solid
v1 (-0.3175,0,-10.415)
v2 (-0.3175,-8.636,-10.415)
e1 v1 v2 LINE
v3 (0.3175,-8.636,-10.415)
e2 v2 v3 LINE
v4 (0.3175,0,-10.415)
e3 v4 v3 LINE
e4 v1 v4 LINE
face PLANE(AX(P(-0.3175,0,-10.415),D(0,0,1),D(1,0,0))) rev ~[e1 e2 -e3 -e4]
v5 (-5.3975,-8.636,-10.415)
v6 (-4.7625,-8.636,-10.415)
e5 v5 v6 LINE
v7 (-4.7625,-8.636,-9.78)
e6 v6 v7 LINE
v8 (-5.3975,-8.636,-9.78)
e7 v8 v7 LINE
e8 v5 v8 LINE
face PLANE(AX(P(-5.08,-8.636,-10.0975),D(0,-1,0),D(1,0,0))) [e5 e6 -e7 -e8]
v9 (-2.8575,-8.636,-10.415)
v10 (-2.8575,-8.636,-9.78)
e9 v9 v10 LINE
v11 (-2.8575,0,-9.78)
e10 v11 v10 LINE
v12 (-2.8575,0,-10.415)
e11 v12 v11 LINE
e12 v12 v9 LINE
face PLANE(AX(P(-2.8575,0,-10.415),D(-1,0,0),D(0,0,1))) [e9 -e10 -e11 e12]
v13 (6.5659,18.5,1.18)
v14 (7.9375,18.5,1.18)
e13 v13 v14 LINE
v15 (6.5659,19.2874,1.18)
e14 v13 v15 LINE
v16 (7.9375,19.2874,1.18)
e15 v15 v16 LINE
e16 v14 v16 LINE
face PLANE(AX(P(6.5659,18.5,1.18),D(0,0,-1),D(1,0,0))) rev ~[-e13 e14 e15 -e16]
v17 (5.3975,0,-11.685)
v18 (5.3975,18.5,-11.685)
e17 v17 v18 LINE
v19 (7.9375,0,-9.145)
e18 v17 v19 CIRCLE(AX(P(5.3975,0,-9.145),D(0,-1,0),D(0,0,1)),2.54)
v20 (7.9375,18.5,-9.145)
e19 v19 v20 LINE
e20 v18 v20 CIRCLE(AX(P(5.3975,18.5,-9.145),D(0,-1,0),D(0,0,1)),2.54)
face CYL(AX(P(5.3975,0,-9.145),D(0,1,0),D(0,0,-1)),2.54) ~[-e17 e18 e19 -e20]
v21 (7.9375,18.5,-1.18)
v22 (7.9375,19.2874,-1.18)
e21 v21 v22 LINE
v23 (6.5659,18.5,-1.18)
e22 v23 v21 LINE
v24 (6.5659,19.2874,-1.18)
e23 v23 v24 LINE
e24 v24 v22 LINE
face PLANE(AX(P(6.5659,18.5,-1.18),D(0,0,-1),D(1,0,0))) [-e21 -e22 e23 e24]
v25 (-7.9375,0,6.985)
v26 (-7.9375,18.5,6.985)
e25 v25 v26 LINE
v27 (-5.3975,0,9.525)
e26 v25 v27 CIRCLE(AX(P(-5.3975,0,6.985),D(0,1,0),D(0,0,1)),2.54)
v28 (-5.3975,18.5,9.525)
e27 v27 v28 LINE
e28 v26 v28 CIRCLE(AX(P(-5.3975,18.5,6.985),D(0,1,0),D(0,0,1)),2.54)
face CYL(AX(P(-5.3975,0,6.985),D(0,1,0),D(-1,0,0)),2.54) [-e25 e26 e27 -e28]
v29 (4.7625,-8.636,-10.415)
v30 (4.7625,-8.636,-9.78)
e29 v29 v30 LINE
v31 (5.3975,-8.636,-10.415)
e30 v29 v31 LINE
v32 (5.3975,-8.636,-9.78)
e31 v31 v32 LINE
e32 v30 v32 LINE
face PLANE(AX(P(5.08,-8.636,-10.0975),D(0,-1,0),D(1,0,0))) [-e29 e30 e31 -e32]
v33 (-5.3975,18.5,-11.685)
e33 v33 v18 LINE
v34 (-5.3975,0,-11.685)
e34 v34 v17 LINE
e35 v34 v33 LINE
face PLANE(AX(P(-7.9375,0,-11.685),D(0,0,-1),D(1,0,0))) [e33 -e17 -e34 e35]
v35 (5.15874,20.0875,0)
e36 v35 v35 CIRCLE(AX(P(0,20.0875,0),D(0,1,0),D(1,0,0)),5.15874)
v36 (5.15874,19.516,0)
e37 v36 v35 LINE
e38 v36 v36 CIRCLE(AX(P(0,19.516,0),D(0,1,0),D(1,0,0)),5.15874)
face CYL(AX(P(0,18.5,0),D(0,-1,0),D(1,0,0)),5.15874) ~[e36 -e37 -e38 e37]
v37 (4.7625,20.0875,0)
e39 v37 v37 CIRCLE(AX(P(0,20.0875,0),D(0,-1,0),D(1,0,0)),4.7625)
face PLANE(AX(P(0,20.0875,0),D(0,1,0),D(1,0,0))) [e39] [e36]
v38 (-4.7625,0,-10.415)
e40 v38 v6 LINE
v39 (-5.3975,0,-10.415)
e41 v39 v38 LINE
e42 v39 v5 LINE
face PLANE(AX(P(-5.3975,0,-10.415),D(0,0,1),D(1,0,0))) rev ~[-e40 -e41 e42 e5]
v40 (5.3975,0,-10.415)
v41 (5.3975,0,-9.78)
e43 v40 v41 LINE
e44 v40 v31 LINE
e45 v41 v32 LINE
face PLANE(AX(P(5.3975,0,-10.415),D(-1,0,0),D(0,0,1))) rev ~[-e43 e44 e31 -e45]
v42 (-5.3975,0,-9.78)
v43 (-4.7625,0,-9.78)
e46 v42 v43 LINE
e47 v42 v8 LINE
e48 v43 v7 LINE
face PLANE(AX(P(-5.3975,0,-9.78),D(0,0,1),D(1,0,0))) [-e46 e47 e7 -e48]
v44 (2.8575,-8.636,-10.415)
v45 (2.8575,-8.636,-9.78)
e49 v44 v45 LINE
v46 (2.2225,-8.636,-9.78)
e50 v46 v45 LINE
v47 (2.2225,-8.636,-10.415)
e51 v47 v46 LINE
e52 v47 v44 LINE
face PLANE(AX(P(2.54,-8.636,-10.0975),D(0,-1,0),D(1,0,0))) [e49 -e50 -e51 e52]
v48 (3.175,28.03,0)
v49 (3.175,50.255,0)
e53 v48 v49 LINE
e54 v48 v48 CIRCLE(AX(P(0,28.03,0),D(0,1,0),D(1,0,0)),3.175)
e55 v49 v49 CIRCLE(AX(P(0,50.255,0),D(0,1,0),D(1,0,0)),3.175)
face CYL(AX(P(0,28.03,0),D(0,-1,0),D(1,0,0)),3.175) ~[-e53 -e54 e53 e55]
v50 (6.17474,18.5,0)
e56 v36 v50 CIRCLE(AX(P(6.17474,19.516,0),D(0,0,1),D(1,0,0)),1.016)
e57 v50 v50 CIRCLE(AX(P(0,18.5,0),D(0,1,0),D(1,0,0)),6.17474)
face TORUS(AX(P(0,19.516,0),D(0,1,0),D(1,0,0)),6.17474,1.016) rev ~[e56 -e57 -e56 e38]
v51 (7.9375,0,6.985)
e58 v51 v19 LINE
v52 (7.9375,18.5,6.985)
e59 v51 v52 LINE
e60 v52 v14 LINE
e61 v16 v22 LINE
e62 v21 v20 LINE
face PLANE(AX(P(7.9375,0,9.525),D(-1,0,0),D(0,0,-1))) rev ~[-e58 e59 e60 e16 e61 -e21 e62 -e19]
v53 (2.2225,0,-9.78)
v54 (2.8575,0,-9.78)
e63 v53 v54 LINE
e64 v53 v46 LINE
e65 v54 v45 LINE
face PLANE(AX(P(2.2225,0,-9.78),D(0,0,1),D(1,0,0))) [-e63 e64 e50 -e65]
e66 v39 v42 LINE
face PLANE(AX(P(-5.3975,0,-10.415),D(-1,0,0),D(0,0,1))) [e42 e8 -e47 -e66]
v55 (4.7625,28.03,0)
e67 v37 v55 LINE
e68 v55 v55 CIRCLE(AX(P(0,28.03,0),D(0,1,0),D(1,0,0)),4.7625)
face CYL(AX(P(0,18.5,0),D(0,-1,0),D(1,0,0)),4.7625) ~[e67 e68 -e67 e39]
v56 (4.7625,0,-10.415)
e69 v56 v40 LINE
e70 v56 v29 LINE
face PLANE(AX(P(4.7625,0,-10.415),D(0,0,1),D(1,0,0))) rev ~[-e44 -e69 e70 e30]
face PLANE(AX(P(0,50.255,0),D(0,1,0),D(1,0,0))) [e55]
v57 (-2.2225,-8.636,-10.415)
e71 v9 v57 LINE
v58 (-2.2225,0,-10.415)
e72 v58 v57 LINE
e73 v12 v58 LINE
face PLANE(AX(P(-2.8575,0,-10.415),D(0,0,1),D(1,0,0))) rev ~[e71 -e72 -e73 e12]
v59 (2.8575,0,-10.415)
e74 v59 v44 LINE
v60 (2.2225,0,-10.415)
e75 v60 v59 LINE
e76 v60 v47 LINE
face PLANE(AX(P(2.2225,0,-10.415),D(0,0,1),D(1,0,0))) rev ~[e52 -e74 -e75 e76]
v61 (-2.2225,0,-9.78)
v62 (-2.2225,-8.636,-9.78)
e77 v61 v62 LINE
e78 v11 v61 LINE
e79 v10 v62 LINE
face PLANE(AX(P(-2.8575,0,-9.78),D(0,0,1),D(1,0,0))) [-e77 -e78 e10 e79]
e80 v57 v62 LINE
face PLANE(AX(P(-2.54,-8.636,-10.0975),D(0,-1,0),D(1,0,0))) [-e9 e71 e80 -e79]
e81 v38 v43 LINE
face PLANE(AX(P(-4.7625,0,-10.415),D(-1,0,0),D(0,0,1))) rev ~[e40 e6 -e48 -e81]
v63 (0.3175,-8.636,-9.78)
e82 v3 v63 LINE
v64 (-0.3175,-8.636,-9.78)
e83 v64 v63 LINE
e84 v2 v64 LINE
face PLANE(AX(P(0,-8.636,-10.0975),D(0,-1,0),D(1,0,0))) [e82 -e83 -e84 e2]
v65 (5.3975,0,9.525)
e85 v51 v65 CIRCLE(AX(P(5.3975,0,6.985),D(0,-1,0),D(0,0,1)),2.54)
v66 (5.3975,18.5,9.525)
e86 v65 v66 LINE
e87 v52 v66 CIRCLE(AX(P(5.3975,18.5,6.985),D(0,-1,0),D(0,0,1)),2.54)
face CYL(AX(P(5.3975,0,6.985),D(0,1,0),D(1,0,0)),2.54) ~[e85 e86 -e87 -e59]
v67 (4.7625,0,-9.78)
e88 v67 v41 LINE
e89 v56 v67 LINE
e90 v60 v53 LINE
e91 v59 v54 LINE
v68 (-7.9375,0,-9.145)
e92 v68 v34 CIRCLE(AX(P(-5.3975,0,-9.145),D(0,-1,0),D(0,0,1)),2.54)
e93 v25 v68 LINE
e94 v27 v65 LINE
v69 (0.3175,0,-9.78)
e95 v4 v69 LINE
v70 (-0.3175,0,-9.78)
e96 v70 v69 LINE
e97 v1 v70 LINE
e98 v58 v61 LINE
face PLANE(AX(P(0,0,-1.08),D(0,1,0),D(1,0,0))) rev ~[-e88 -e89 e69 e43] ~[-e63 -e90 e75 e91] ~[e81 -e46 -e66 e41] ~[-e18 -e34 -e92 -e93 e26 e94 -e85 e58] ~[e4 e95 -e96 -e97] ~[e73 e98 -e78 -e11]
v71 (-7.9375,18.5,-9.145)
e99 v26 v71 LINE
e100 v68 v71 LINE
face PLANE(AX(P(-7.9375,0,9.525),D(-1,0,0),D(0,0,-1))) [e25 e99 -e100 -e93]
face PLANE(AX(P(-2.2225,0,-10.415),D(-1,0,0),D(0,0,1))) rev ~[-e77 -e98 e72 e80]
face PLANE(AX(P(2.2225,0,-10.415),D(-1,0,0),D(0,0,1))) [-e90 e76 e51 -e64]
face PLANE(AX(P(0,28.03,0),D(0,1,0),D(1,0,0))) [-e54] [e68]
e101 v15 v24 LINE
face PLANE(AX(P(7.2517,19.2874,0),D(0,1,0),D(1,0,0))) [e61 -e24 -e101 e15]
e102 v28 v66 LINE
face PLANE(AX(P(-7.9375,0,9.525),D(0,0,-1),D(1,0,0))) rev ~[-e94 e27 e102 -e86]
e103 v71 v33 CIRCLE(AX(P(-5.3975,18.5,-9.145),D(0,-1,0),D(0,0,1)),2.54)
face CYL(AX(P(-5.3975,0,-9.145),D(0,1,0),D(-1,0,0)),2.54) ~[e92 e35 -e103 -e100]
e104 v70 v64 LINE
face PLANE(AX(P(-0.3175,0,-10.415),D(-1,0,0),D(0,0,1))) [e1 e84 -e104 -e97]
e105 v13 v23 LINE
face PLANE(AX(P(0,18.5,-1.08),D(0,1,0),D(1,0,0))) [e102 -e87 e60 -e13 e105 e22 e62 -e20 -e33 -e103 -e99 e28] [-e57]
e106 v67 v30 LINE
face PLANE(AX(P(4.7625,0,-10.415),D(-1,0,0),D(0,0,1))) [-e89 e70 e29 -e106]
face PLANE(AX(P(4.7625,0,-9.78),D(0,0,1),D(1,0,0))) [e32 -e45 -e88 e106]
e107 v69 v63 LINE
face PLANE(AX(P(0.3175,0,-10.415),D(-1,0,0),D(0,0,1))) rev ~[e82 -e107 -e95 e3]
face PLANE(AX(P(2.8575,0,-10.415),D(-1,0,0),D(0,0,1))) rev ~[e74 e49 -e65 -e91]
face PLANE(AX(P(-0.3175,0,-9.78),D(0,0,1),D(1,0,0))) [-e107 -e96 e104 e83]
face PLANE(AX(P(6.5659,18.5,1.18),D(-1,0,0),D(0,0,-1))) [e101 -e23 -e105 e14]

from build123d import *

# Parameters (mm, degrees)
SKETCH1_W               = 15.875
SKETCH1_H               = 21.21
BODY_DEPTH              = 18.5
SKETCH2_R               = 4.7625
EXTRUDE_3_8_32_DEPTH    = 9.53
SKETCH4_R               = 3.175
SHAFT_DEPTH             = 22.225
SKETCH5_R               = 5.15874
BOSS_DEPTH              = 1.5875
SKETCH6_W               = 1.3716
SKETCH6_H               = 2.36
ANTI_ROTATION_LUG_DEPTH = 0.7874
SKETCH7_W               = 0.635
SKETCH7_H               = 0.635
PINS_DEPTH              = 8.636
FILLET1_R               = 1.016
FILLET2_R               = 2.54


with BuildPart() as part:
    # Sketch1 → body (new body)
    with BuildSketch(Plane(origin=(0, 0, 0), x_dir=(1, 0, 0), z_dir=(0, 1, 0))):
        with Locations((0, 1.08)):
            Rectangle(SKETCH1_W, SKETCH1_H)
    extrude(amount=BODY_DEPTH)

    # Sketch2 → 3/8-32 (add)
    with BuildSketch(Plane(origin=(0, 18.5, 0), x_dir=(1, 0, 0), z_dir=(0, 1, 0))):
        Circle(SKETCH2_R)
    extrude(amount=EXTRUDE_3_8_32_DEPTH)

    # Sketch4 → shaft (add)
    with BuildSketch(Plane(origin=(0, 28.03, 0), x_dir=(1, 0, 0), z_dir=(0, 1, 0))):
        Circle(SKETCH4_R)
    extrude(amount=SHAFT_DEPTH)

    # Sketch5 → boss (add)
    with BuildSketch(Plane(origin=(0, 18.5, 0), x_dir=(1, 0, 0), z_dir=(0, 1, 0))):
        Circle(SKETCH5_R)
    extrude(amount=BOSS_DEPTH)

    # Sketch6 → anti-rotation lug (add)
    with BuildSketch(Plane(origin=(0, 18.5, 0), x_dir=(1, 0, 0), z_dir=(0, 1, 0))):
        with Locations((7.2517, 0)):
            Rectangle(SKETCH6_W, SKETCH6_H)
    extrude(amount=ANTI_ROTATION_LUG_DEPTH)

    # Sketch7 → pins (add)
    with BuildSketch(Plane.XZ):
        with Locations((-5.08, -10.0975)):
            Rectangle(SKETCH7_W, SKETCH7_H)
        with Locations((-2.54, -10.0975)):
            Rectangle(SKETCH7_W, SKETCH7_H)
        with Locations((0, -10.0975)):
            Rectangle(SKETCH7_W, SKETCH7_H)
        with Locations((2.54, -10.0975)):
            Rectangle(SKETCH7_W, SKETCH7_H)
        with Locations((5.08, -10.0975)):
            Rectangle(SKETCH7_W, SKETCH7_H)
    extrude(amount=PINS_DEPTH)

    # Fillet1
    fillet1_edges = [part.edges().sort_by_distance(p)[0] for p in [
        (-5.15874, 18.5, 0),
    ]]
    fillet(fillet1_edges, radius=FILLET1_R)

    # Fillet2
    fillet2_edges = [part.edges().sort_by_distance(p)[0] for p in [
        (7.9375, 9.25, 9.525),
        (-7.9375, 9.25, 9.525),
        (-7.9375, 9.25, -11.685),
        (7.9375, 9.25, -11.685),
    ]]
    fillet(fillet2_edges, radius=FILLET2_R)


solid = part.part
